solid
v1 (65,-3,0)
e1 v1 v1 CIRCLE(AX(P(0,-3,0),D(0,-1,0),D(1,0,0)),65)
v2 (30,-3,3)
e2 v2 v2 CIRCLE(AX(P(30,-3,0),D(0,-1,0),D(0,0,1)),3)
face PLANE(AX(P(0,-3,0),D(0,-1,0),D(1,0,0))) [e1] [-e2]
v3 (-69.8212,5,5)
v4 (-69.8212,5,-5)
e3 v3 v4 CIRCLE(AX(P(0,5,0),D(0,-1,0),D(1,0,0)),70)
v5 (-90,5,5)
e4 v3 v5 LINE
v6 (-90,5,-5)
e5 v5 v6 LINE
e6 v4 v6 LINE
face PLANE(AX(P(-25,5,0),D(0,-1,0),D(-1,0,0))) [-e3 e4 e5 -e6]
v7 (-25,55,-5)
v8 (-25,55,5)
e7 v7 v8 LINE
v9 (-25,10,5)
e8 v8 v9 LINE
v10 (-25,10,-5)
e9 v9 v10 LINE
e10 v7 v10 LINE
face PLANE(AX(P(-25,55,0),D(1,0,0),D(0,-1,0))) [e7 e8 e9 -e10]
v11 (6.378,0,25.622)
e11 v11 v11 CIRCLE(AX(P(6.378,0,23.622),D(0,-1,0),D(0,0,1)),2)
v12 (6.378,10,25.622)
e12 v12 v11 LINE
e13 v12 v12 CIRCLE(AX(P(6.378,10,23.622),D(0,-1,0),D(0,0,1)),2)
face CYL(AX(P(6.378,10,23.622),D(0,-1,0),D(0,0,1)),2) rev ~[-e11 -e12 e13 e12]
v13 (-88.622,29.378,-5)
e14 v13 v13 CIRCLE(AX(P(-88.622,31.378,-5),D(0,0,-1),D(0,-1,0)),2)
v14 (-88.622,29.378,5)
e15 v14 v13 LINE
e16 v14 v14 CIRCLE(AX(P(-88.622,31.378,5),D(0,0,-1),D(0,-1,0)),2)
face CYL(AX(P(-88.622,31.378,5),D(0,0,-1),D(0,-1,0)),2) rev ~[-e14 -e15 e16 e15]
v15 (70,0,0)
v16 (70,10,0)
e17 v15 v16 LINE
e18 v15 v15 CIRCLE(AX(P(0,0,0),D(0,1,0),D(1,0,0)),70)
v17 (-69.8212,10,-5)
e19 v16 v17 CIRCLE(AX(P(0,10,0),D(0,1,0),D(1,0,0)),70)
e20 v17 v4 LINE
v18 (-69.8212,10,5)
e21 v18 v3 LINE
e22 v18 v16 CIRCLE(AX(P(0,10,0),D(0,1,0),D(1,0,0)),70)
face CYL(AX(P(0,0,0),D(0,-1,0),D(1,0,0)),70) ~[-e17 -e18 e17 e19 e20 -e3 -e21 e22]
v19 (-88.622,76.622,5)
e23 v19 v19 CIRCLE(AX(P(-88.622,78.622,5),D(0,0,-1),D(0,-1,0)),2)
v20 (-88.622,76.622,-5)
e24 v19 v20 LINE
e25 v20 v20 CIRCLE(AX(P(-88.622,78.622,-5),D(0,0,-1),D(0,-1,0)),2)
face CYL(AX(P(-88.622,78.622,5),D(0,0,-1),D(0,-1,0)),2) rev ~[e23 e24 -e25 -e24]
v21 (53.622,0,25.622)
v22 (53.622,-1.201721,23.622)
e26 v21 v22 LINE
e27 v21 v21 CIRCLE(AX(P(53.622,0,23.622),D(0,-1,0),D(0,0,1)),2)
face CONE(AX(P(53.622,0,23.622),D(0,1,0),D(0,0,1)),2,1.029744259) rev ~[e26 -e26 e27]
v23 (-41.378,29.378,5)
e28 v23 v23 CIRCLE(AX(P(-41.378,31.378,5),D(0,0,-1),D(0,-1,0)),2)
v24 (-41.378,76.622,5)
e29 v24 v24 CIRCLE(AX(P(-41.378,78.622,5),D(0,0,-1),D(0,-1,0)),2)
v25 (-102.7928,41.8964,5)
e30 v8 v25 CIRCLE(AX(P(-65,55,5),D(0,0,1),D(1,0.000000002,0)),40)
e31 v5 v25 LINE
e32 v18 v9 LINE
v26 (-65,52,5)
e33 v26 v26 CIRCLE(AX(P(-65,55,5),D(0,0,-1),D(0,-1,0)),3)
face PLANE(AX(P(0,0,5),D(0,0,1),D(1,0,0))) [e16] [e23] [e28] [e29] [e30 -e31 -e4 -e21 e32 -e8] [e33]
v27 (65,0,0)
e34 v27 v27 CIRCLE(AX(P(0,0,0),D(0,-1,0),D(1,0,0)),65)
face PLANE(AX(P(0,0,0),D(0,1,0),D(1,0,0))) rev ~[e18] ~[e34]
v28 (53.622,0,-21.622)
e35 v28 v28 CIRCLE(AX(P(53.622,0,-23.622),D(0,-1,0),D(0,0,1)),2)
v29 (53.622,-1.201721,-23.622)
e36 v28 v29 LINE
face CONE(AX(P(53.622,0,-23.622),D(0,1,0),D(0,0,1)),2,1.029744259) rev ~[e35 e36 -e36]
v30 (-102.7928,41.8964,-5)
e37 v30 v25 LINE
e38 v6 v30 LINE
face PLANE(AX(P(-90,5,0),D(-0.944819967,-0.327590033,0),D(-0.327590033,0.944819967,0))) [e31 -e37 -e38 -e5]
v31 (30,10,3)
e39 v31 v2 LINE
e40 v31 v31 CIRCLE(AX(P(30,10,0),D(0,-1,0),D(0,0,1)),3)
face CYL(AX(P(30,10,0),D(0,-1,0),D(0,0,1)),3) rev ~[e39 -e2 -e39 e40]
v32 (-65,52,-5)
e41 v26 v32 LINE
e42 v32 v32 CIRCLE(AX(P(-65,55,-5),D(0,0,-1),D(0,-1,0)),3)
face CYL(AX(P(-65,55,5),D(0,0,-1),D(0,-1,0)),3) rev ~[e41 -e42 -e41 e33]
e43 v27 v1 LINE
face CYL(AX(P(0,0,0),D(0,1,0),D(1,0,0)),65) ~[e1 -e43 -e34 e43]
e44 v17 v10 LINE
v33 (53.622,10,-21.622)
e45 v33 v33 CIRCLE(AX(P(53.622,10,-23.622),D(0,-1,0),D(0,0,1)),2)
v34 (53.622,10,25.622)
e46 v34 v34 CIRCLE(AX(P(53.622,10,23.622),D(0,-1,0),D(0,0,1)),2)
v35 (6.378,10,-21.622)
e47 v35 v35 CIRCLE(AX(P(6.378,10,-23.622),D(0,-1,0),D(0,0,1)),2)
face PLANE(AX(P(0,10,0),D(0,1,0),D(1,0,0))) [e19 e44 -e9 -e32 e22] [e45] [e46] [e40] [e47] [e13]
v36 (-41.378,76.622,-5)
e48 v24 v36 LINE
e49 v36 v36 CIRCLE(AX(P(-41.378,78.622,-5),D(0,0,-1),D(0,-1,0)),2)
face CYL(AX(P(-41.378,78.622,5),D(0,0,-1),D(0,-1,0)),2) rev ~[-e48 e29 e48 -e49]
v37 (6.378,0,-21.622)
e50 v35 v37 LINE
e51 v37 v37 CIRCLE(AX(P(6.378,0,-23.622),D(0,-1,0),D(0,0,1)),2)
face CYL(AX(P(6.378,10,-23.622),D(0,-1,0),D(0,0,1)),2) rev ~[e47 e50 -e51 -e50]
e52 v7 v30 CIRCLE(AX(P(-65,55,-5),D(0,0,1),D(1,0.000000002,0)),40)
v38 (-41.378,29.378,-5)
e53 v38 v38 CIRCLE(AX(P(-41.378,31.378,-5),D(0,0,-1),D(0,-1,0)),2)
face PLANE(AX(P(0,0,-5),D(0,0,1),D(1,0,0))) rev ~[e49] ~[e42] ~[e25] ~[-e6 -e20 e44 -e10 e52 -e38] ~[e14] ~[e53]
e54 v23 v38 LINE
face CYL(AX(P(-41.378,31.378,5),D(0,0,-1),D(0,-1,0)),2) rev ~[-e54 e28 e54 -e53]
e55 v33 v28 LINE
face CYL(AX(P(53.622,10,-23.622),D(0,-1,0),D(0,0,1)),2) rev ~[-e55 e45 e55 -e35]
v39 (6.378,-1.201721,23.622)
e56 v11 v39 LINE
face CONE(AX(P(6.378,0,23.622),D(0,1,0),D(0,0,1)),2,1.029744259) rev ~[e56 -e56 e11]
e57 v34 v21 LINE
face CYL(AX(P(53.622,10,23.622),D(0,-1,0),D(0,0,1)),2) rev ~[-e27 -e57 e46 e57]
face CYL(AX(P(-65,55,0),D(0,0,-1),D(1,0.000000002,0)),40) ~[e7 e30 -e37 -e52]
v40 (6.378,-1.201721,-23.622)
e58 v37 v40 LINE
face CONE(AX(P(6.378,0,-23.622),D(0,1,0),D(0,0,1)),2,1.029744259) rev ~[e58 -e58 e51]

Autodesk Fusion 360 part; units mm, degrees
sketch "Sketch1" plane through (0, 0, 0) normal (0, 1, 0) x (1, 0, 0)
  circle A0 centre (0, 0) radius 70
  dimension "d1" = 140
extrude "Extrude1" add sketch "Sketch1" along normal blind 10
sketch "Sketch2" plane through (0, 0, 0) normal (0, -1, 0) x (1, 0, 0)
  circle A0 centre (0, 0) radius 70
  circle A1 centre (0, 0) radius 65
  dimension "d4" = -5
extrude "Extrude2" add sketch "Sketch2" along normal blind 3 contours A1
sketch "Sketch3" plane through (0, 0, 0) normal (0, 0, 1) x (1, 0, 0)
  line L0 (-25, 55) -> (-25, 5)
  line L1 (-25, 5) -> (-90, 5)
  line L2 (-90, 5) -> (-102.7928, 41.8964)
  arc A0 (-25, 55) -> (-102.7928, 41.8964) centre (-65, 55) ccw
  dimension "d7" = 50
  dimension "d8" = 65
  dimension "d9" = 40
  dimension "d10" = 5
  dimension "d11" = 25
extrude "Extrude3" add sketch "Sketch3" along normal mid plane 10
sketch "Sketch4" plane through (0, 10, 0) normal (0, 1, 0) x (-1, 0, 0)
  line L0 (25, 5) -> (69.8212, 5)
  arc A0 (69.8212, 5) -> (69.8212, -5) centre (0, 0) ccw
  line L1 (69.8212, -5) -> (25, -5)
  line L2 (25, -5) -> (25, 5)
  line L3 (-6.378, -23.622) -> (-53.622, -23.622)
  line L4 (-53.622, -23.622) -> (-53.622, 23.622)
  line L5 (-53.622, 23.622) -> (-6.378, 23.622)
  line L6 (-6.378, 23.622) -> (-6.378, -23.622)
  line L7 (-6.378, -23.622) -> (-53.622, 23.622) construction
  line L8 (-53.622, -23.622) -> (-6.378, 23.622) construction
  point P0 (-30, 0)
  dimension "d14" = 47.244
  dimension "d15" = 47.244
  dimension "d16" = 30
hole "Hole1" at (6.378, 10, 23.622) at (6.378, 10, -23.622) at (53.622, 10, -23.622) at (53.622, 10, 23.622) direction (0, -1, 0) diameter 4 depth 10 tip angle 118
hole "Hole2" at (30, 10, 0) direction (0, -1, 0) diameter 6 depth 15 tip angle 118
sketch "Sketch5" plane through (0, 0, 5) normal (0, 0, 1) x (1, 0, 0)
  line L0 (-69.8212, 10) -> (-25, 10)
  line L1 (-25, 10) -> (-25, 55)
  arc A0 (-25, 55) -> (-102.7928, 41.8964) centre (-65, 55) ccw
  line L2 (-102.7928, 41.8964) -> (-90, 5)
  line L3 (-90, 5) -> (-69.8212, 5)
  line L4 (-69.8212, 5) -> (-69.8212, 10)
  line L5 (-41.378, 78.622) -> (-88.622, 78.622)
  line L6 (-88.622, 78.622) -> (-88.622, 31.378)
  line L7 (-88.622, 31.378) -> (-41.378, 31.378)
  line L8 (-41.378, 31.378) -> (-41.378, 78.622)
  line L9 (-41.378, 78.622) -> (-88.622, 31.378) construction
  line L10 (-88.622, 78.622) -> (-41.378, 31.378) construction
  point P0 (-65, 55)
  dimension "d23" = 47.244
  dimension "d24" = 47.244
hole "Hole3" at (-88.622, 78.622, 5) at (-41.378, 78.622, 5) at (-41.378, 31.378, 5) at (-88.622, 31.378, 5) direction (0, 0, -1) diameter 4 depth 40 tip angle 118
hole "Hole4" at (-65, 55, 5) direction (0, 0, -1) diameter 6 depth 40 tip angle 118
